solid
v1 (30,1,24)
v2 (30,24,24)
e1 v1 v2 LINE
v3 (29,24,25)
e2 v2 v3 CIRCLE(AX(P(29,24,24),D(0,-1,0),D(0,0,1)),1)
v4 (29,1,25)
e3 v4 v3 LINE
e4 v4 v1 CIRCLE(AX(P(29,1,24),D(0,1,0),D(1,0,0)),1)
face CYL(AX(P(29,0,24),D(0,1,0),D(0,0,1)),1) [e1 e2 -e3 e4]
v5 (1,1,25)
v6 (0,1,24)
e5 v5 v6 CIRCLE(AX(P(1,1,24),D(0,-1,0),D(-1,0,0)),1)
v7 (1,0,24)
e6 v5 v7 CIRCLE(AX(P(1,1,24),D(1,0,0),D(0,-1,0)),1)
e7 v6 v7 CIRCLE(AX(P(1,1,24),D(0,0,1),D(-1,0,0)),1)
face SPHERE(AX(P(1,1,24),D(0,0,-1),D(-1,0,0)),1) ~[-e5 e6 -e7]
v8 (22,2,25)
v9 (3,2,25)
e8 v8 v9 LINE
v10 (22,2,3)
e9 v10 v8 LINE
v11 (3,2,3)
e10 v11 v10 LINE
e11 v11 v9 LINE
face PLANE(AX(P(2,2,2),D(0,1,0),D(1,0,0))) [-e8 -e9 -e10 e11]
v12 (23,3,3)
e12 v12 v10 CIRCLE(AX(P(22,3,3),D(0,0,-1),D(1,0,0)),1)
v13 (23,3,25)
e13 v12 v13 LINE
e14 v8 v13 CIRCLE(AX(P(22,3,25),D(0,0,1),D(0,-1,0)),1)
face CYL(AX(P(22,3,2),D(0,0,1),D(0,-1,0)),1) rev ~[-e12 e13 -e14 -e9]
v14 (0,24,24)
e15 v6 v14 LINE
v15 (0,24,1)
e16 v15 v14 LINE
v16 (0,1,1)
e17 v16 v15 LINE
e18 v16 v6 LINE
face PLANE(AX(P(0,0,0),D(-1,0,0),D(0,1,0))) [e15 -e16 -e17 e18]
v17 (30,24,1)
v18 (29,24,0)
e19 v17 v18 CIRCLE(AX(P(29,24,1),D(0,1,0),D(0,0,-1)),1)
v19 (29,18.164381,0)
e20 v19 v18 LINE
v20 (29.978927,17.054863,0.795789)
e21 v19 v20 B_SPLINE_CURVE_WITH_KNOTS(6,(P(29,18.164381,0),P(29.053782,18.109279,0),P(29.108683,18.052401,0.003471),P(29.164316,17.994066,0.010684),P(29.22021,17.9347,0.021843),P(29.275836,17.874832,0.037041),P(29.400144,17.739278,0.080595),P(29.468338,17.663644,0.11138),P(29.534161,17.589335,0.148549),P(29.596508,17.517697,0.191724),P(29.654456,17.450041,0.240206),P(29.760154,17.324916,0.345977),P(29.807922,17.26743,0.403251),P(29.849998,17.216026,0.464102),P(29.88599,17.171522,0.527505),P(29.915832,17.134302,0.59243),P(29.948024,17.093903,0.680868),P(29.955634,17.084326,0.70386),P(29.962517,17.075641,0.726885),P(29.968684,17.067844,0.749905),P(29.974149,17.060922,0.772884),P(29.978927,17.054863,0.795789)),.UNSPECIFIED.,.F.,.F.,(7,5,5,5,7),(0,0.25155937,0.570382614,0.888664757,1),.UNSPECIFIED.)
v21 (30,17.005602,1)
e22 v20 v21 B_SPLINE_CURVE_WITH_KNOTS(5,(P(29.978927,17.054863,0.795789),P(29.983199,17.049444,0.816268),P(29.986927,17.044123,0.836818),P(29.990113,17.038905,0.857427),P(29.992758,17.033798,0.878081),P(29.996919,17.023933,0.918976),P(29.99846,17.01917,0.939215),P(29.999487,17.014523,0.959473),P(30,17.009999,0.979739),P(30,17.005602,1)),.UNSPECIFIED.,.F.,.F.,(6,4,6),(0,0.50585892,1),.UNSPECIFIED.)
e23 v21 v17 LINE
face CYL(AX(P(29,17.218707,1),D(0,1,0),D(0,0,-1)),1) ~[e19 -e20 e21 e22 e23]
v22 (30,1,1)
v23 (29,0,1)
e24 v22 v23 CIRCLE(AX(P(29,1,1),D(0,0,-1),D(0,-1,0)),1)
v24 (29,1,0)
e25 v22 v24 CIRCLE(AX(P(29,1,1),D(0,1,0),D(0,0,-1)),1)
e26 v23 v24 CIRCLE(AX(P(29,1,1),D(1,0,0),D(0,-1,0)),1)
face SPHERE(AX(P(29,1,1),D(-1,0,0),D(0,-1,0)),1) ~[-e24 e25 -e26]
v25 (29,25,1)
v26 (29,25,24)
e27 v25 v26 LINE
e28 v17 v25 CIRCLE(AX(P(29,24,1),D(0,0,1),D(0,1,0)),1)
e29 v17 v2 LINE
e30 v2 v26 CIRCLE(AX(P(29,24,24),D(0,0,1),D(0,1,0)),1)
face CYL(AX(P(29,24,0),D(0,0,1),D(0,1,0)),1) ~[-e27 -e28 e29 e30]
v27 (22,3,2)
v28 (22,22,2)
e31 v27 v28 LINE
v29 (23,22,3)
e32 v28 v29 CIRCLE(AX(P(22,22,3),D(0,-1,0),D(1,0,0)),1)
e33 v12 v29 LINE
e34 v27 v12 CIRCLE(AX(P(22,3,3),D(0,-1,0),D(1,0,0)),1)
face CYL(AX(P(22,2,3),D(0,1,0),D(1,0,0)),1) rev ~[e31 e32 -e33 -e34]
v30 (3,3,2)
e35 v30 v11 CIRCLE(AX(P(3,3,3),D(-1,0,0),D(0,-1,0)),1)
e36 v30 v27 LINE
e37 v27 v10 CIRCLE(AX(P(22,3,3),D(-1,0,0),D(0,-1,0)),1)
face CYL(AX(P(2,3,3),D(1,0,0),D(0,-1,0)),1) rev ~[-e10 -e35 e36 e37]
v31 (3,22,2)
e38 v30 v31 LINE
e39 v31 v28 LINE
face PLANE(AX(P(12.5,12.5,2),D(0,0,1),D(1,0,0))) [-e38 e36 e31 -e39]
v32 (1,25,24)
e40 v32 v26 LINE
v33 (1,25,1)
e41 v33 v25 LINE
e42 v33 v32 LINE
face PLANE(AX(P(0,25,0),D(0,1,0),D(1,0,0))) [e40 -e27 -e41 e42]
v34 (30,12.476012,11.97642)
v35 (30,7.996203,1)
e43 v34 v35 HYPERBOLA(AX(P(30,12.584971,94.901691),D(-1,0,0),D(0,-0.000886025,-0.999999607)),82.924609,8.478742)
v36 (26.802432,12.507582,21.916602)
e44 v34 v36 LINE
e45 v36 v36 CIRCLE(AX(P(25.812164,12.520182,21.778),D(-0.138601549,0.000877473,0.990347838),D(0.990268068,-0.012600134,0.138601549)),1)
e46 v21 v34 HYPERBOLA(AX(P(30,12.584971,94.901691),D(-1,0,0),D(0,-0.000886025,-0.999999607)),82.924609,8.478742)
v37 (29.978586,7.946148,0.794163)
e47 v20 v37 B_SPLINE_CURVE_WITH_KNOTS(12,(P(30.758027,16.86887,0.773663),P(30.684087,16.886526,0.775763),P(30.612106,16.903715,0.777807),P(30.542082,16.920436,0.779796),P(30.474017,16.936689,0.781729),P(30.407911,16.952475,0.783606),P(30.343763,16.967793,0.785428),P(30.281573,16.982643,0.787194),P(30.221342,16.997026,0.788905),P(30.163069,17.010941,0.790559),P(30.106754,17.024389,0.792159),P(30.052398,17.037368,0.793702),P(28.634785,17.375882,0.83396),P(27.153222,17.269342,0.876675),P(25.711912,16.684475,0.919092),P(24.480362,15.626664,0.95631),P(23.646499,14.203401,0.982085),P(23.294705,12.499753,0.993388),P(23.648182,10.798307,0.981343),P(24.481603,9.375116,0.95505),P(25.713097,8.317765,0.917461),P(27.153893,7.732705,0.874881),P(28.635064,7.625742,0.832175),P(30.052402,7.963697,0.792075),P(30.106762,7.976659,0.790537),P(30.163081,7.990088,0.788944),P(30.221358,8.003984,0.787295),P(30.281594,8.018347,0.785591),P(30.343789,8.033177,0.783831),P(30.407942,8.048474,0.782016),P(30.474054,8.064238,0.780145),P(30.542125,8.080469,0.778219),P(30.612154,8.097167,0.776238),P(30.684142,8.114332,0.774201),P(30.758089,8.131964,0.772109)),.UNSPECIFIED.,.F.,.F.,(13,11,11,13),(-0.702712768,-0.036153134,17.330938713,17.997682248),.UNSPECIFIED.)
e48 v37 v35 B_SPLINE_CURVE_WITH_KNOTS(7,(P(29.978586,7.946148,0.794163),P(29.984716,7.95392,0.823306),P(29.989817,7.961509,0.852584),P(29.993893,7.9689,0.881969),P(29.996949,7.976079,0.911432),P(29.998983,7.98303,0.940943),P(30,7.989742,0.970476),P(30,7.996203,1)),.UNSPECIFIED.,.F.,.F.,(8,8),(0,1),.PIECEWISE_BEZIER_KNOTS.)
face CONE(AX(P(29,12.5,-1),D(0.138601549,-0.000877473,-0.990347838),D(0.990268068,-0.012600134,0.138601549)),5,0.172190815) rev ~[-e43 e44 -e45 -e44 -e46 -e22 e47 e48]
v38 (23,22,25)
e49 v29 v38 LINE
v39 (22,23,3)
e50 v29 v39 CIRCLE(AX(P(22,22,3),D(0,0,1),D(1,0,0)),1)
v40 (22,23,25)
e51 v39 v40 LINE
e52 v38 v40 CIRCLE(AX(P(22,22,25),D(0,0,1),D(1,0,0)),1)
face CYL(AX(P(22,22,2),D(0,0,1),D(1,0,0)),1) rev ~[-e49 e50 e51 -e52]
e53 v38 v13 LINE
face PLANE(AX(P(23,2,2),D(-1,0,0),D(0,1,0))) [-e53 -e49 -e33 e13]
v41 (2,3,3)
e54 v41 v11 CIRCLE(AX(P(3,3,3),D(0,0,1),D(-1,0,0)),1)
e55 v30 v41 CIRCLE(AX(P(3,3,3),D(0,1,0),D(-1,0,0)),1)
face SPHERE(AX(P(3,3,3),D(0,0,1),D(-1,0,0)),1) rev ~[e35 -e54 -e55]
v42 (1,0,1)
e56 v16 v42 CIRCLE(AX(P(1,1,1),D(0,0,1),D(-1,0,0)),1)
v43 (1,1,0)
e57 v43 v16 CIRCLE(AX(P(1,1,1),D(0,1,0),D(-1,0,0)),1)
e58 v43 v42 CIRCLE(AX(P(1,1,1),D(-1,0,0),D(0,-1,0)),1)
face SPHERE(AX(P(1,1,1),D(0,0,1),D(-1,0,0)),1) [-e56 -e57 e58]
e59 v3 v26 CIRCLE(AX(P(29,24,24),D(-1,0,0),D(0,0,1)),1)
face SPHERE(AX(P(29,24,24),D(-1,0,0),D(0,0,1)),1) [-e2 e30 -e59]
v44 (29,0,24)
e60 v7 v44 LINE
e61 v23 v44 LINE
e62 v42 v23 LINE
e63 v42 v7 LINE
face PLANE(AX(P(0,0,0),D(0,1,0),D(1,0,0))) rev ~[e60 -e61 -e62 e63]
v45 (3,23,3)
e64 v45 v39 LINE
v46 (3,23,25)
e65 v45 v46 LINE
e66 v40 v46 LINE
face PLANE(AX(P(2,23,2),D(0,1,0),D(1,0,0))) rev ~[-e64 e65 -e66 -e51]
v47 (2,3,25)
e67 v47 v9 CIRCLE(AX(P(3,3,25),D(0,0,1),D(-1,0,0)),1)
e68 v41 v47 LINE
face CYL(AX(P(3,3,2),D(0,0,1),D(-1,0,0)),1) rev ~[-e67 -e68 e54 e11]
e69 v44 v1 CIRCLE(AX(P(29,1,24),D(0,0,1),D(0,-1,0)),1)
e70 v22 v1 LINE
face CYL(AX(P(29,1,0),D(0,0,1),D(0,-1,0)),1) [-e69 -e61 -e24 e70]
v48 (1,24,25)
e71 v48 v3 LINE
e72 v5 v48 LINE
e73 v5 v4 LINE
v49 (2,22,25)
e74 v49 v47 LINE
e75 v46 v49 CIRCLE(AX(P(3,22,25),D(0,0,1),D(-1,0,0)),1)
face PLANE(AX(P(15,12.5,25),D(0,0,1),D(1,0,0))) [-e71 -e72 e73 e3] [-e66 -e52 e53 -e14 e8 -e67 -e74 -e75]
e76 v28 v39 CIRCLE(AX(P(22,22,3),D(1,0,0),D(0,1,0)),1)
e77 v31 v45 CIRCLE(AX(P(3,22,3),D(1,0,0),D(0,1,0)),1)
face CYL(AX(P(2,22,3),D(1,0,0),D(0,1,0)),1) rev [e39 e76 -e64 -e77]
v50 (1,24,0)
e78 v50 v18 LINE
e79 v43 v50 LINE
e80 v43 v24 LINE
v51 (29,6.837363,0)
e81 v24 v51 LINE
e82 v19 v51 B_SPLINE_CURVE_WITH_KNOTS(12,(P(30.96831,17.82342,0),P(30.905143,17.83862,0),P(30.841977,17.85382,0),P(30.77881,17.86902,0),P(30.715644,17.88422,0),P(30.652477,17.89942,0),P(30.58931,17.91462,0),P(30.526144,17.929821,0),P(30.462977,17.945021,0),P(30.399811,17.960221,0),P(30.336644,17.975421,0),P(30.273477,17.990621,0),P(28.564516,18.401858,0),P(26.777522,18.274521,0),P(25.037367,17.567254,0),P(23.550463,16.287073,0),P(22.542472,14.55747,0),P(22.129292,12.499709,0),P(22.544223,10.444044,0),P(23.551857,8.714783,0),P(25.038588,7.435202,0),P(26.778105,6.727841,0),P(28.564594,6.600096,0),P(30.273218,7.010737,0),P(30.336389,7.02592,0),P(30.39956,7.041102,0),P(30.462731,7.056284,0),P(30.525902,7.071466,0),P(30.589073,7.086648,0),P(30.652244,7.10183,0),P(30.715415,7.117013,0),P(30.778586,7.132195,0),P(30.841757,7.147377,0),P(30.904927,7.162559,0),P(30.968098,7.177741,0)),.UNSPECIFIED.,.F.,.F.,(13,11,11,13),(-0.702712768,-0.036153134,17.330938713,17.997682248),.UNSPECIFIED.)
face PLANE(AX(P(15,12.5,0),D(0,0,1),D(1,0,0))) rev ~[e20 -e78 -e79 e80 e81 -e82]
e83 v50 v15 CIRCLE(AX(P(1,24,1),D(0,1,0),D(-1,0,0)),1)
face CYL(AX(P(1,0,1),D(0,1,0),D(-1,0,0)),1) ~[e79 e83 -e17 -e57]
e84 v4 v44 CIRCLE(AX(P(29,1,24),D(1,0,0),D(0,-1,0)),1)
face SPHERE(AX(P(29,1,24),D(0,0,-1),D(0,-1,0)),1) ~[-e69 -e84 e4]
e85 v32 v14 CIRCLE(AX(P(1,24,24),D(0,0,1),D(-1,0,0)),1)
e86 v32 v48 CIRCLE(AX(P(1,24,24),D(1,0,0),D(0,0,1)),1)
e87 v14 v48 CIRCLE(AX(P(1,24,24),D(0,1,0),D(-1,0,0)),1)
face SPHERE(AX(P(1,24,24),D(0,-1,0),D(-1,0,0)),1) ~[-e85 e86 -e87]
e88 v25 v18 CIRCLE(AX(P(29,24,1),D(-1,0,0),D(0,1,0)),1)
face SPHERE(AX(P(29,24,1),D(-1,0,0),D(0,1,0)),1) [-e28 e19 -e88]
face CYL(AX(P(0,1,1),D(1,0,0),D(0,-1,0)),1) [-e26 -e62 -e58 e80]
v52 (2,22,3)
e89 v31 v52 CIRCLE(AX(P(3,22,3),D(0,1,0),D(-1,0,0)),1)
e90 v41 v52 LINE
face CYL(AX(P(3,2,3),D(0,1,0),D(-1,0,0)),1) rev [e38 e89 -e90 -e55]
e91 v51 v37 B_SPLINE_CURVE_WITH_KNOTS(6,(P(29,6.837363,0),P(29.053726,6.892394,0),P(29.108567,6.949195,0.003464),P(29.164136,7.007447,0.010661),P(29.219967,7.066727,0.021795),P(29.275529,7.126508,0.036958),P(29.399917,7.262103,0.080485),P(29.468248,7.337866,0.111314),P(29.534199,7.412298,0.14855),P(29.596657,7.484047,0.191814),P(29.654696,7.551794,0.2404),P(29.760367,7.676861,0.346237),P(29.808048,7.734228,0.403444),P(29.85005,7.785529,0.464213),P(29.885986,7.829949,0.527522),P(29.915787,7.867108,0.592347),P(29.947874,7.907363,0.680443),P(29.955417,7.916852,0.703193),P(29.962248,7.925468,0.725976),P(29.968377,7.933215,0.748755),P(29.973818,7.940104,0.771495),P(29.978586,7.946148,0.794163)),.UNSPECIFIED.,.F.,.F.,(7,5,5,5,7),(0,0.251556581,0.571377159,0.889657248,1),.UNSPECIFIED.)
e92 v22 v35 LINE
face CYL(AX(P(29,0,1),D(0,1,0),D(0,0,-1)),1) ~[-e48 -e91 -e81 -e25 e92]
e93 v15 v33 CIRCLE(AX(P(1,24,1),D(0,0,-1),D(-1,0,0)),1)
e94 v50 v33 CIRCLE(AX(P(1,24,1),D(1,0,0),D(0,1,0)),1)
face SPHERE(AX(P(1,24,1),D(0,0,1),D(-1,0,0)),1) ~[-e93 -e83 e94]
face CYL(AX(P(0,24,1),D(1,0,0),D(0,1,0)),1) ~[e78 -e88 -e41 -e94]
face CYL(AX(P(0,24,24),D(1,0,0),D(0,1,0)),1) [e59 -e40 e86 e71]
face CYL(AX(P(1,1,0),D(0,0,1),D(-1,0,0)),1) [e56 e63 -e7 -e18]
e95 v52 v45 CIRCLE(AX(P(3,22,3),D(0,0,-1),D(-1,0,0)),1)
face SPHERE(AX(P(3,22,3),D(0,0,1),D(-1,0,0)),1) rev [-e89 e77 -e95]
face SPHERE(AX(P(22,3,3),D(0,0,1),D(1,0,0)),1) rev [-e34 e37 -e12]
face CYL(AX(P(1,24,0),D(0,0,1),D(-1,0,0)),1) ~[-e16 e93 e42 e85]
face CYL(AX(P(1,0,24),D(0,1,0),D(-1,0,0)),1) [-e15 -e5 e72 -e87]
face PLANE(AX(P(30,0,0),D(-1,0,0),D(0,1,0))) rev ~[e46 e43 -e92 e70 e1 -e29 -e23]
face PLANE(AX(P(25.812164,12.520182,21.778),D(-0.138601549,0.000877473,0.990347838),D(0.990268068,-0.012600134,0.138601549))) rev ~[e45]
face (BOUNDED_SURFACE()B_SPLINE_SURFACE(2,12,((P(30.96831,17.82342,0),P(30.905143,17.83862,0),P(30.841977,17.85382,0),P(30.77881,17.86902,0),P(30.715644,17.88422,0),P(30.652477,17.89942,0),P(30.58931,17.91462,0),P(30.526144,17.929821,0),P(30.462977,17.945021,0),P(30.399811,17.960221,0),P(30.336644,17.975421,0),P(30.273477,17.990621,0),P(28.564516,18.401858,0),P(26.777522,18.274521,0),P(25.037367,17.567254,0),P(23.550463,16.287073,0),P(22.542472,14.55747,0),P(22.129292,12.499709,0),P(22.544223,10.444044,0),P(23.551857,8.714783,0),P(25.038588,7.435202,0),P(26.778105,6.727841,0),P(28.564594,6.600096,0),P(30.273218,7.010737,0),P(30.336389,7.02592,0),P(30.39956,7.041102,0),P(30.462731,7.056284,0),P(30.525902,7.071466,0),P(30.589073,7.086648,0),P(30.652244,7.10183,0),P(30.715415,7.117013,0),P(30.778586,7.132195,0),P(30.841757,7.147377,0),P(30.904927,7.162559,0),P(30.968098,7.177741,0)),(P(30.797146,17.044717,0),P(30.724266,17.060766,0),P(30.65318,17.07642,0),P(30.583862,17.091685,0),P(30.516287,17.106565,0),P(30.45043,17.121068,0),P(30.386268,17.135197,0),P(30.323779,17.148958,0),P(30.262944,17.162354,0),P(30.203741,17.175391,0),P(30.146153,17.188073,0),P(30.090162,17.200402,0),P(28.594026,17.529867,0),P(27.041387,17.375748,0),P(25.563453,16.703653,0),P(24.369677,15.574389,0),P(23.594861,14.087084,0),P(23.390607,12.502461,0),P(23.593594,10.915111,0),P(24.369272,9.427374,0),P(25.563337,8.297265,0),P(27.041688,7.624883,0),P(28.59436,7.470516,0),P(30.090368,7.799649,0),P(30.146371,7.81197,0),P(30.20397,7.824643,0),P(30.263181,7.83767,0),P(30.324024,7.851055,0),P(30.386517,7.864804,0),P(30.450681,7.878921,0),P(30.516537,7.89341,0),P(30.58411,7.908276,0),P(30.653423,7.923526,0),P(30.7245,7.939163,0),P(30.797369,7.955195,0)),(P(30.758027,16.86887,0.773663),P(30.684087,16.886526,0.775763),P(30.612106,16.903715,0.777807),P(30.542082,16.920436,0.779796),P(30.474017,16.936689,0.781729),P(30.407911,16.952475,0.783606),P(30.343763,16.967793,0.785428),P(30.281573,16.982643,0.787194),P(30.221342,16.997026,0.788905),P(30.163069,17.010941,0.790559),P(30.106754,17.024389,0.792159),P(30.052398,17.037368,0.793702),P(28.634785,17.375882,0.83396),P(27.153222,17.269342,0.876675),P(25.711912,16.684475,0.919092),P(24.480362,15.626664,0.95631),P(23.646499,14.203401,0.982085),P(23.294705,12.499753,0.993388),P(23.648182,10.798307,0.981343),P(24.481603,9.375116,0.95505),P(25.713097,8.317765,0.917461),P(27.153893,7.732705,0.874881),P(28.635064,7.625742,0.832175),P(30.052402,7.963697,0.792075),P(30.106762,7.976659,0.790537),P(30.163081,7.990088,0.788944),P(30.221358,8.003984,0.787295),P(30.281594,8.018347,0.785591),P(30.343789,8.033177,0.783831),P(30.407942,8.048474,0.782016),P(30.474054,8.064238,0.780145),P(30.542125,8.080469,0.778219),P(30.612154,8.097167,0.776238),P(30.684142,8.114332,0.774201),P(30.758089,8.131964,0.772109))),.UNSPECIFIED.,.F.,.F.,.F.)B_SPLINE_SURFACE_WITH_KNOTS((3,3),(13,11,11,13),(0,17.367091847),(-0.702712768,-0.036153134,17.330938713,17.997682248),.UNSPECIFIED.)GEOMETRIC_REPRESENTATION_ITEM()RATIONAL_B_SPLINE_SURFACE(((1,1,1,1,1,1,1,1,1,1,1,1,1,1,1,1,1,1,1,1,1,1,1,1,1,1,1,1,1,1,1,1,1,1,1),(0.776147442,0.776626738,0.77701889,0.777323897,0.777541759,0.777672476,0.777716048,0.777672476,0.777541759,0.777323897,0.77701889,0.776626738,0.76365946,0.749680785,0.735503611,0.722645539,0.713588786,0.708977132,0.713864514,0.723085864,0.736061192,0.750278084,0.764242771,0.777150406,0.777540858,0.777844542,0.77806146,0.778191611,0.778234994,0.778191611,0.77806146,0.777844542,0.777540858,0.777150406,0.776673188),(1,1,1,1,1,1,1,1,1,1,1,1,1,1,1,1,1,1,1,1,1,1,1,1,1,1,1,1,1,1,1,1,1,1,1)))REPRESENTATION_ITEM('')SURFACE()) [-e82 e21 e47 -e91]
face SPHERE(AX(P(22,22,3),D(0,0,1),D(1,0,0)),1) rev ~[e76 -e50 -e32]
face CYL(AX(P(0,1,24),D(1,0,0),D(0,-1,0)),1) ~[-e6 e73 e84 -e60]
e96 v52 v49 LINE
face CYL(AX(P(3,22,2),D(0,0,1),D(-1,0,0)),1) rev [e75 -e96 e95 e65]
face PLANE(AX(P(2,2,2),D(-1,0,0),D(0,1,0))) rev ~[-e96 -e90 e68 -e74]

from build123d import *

# Parameters (mm, degrees)
BOX001_W             = 21
BOX001_H             = 21
BOX001_DEPTH         = 24
FILLET_R             = 1
CONE_ROLL_ANGLE      = 0.050765
CONE_PITCH_ANGLE     = -7.966932
CONE_PLACEMENT_ANGLE = -0.72899
BOX_W                = 30
BOX_H                = 25
BOX_DEPTH            = 25
FILLET001_R          = 1


with BuildPart() as fillet_body:
    # Box001 → Box001 (new body)
    with BuildSketch(Plane(origin=(2, 2, 2), x_dir=(1, 0, 0), z_dir=(0, 0, 1))):
        with Locations((10.5, 10.5)):
            Rectangle(BOX001_W, BOX001_H)
    extrude(amount=BOX001_DEPTH)

    # Fillet
    fillet_edges = [fillet_body.edges().sort_by_distance(p)[0] for p in [
        (2, 2, 14),
        (2, 23, 14),
        (2, 12.5, 2),
        (23, 2, 14),
        (23, 23, 14),
        (23, 12.5, 2),
        (12.5, 2, 2),
        (12.5, 23, 2),
    ]]
    fillet(fillet_edges, radius=FILLET_R)


with BuildPart() as cone:
    # Cone → Cone (revolve)
    with BuildSketch(Plane.XZ):
        Polygon((0, 0), (5, 0), (1, 23), (0, 23), align=None)
    revolve(axis=Axis((0, 0, 0), (0, 0, 1)))


with BuildPart() as cone_1:
    # Cone roll: moved
    add(cone.part.rotate(Axis((0, 0, 0), (1, 0, 0)), CONE_ROLL_ANGLE))


with BuildPart() as cone_2:
    # Cone pitch: moved
    add(cone_1.part.rotate(Axis((0, 0, 0), (0, 1, 0)), CONE_PITCH_ANGLE))


with BuildPart() as cone_3:
    # Cone placement: moved
    add(cone_2.part.moved(Location((29, 12.5, -1))).rotate(Axis((29, 12.5, -1), (0, 0, 1)), CONE_PLACEMENT_ANGLE))


with BuildPart() as fillet001:
    # Box → Box (new body)
    with BuildSketch(Plane.XY):
        with Locations((15, 12.5)):
            Rectangle(BOX_W, BOX_H)
    extrude(amount=BOX_DEPTH)

    # Cut: cut Cone
    add(cone_3.part, mode=Mode.SUBTRACT)

    # Cut001: cut Fillet body
    add(fillet_body.part, mode=Mode.SUBTRACT)

    # Fillet001
    fillet001_edges = [fillet001.edges().sort_by_distance(p)[0] for p in [
        (0, 0, 12.5),
        (0, 12.5, 25),
        (0, 25, 12.5),
        (0, 12.5, 0),
        (15, 0, 0),
        (30, 0, 12.5),
        (15, 0, 25),
        (15, 25, 25),
        (30, 12.5, 25),
        (15, 25, 0),
        (30, 25, 12.5),
        (30, 21.109354, 0),
        (24.104388, 12.500455, 0),
        (30, 3.890653, 0),
    ]]
    fillet(fillet001_edges, radius=FILLET001_R)


solid = fillet001.part
